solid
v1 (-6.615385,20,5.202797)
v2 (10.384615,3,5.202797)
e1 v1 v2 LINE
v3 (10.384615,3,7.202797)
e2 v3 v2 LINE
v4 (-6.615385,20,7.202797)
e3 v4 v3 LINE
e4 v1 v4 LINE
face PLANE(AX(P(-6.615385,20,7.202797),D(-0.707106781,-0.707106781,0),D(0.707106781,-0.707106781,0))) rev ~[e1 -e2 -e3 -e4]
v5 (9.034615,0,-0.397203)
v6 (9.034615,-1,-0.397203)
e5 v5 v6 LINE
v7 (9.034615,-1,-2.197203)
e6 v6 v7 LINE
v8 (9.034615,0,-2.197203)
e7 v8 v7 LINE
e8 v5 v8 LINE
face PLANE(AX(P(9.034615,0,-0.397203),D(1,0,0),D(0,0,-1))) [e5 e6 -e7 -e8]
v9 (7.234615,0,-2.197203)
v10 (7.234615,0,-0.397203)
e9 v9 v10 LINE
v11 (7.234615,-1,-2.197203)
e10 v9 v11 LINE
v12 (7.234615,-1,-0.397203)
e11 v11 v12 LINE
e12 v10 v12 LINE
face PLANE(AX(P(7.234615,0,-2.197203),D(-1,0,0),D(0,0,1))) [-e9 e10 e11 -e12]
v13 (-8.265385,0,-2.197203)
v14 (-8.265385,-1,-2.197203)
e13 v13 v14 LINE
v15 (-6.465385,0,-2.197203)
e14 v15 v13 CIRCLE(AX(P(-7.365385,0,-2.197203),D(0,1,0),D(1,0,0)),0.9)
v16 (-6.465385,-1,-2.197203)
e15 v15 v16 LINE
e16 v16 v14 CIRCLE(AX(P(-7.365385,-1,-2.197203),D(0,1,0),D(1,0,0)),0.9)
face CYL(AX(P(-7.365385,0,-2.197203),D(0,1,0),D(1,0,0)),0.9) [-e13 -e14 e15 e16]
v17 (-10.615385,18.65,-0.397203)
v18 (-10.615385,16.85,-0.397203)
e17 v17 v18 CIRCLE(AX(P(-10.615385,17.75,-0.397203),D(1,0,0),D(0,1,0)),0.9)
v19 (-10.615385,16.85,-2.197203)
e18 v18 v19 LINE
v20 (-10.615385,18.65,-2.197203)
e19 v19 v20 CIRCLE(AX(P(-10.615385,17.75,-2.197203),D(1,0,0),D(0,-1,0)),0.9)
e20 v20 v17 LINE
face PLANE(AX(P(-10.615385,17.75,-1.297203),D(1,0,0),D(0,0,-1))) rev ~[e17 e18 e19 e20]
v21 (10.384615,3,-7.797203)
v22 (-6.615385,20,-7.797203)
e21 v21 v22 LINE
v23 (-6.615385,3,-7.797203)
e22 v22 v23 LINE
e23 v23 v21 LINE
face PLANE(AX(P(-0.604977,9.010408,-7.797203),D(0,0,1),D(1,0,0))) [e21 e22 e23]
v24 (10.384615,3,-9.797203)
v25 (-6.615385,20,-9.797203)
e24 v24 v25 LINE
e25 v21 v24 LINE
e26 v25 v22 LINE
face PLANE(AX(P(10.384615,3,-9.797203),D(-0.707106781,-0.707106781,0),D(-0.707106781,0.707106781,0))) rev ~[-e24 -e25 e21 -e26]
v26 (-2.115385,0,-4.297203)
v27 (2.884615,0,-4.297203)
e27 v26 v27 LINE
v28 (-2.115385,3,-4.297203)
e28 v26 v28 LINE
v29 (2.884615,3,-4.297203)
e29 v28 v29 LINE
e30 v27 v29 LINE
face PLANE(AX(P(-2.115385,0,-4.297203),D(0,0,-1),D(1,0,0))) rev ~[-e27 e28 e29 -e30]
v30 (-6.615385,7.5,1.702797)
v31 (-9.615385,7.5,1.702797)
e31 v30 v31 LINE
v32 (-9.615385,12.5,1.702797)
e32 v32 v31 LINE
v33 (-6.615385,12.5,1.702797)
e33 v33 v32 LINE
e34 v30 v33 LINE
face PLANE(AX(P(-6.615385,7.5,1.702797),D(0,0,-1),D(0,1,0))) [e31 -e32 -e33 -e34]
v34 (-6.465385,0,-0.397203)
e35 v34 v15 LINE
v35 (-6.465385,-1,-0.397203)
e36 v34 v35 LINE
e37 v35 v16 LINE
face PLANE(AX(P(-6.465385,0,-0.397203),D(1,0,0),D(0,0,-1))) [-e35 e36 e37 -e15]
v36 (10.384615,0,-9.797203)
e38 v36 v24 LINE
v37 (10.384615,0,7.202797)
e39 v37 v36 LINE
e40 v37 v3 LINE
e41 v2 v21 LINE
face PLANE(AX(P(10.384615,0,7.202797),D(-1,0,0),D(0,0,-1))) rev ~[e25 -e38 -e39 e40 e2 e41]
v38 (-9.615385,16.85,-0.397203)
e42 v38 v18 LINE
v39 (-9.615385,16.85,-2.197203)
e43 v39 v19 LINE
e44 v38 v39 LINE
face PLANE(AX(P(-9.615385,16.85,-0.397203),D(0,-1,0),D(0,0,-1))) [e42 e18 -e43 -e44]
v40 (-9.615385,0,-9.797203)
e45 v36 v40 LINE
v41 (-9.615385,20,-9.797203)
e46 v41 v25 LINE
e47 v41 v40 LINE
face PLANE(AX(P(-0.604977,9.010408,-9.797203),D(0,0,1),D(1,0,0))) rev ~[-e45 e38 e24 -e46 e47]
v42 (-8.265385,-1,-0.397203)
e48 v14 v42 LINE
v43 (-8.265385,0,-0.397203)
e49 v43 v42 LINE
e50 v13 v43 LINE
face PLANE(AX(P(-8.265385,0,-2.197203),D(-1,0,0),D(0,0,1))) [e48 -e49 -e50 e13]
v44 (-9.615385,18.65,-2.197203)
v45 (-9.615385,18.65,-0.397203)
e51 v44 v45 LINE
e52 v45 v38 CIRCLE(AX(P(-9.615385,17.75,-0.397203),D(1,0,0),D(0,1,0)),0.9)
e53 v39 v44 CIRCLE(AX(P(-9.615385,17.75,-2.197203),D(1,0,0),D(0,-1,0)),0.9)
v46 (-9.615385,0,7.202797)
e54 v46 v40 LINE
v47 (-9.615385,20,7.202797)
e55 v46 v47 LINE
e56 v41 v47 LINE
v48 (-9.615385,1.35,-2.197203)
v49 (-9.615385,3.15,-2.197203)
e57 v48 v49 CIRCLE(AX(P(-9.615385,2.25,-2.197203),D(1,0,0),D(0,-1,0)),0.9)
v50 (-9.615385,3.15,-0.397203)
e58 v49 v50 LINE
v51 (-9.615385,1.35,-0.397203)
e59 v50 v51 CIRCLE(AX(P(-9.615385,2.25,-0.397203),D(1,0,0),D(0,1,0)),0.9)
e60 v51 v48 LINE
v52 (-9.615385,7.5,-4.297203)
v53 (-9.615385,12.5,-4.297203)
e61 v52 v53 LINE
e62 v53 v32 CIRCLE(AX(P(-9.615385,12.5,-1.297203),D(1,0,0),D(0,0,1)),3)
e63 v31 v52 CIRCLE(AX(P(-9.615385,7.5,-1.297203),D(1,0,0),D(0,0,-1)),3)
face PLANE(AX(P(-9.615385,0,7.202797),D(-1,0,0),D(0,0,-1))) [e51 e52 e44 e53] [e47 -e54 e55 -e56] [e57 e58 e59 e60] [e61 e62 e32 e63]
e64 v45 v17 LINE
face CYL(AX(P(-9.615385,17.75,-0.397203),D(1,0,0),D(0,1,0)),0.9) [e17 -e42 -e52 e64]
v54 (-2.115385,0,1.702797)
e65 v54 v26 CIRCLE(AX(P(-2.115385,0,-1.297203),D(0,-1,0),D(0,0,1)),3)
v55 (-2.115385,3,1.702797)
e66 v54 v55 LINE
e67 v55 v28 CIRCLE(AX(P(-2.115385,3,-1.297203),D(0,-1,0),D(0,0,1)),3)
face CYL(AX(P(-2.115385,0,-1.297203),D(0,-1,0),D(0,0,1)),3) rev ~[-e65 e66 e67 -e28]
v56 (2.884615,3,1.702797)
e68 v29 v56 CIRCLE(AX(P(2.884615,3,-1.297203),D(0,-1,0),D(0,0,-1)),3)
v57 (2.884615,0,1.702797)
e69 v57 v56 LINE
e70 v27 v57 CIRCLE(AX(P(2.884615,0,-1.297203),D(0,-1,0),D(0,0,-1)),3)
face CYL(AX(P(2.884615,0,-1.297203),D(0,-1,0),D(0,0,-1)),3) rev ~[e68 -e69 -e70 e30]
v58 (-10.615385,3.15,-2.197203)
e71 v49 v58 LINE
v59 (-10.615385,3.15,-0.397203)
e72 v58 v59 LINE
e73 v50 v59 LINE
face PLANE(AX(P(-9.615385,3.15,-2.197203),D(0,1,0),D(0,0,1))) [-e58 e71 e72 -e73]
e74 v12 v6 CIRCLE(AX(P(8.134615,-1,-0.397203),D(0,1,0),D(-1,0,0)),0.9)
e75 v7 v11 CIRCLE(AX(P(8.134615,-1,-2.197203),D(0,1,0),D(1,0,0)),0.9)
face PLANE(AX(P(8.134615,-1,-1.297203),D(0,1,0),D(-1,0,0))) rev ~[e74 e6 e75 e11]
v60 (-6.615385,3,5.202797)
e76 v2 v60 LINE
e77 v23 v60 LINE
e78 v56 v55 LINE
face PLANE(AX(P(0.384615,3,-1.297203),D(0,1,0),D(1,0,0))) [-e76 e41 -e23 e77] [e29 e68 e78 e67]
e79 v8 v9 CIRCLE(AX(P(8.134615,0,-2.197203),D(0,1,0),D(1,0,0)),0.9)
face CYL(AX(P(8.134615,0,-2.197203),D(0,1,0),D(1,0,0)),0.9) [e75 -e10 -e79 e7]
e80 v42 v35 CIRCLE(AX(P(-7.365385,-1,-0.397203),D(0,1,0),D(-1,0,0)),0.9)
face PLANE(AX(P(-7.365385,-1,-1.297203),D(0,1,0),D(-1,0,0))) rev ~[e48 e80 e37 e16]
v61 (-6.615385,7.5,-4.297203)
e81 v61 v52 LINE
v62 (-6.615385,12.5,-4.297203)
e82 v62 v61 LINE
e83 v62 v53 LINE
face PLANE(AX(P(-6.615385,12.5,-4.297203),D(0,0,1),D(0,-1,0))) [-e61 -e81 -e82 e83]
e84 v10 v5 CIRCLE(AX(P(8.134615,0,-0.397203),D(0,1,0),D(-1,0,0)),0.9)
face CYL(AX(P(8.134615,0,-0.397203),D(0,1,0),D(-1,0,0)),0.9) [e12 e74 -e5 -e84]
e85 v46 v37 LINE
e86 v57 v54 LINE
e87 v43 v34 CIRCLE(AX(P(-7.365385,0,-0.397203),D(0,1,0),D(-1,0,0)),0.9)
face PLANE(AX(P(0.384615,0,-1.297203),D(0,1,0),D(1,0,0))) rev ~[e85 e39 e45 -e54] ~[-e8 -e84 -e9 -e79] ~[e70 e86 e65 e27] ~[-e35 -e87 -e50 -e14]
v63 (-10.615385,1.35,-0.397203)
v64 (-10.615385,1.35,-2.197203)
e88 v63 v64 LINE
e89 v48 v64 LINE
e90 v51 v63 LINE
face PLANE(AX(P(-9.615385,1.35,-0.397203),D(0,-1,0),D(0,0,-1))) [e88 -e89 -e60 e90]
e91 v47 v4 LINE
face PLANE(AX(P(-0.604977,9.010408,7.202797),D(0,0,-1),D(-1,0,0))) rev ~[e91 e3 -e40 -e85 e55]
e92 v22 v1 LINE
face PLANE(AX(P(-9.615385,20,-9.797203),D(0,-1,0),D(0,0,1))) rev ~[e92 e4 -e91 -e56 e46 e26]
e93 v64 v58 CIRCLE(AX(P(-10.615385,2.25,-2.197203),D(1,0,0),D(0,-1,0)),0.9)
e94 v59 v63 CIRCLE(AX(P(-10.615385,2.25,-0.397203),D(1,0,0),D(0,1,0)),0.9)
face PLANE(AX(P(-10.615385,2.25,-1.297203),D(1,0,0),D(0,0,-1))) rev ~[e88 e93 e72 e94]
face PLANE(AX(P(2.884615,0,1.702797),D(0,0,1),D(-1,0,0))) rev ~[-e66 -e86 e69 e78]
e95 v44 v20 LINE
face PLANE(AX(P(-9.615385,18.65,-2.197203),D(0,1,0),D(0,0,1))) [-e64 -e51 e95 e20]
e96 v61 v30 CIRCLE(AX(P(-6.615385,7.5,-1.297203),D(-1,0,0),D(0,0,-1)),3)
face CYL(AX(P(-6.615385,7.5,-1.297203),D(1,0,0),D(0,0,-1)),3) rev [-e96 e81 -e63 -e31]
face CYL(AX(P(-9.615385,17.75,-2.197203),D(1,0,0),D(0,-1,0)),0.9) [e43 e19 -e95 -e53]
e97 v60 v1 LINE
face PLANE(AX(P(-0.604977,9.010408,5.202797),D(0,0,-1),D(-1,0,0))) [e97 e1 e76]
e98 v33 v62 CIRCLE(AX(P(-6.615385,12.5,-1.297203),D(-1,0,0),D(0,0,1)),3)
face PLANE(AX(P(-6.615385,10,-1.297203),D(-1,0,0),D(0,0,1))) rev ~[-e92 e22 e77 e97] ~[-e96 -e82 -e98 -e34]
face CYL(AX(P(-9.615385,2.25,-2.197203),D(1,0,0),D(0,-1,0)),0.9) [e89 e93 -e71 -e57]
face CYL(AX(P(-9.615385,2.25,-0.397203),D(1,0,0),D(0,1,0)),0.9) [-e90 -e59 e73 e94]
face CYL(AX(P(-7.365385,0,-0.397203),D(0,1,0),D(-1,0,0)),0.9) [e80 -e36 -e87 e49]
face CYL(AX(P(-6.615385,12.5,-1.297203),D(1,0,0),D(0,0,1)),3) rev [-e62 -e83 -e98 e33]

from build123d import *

# Parameters (mm, degrees)
SKETCH_1_W          = 20
SKETCH_1_H          = 17
EXTRUDE_1_DEPTH     = 3
SKETCH_4_W          = 17
SKETCH_4_H          = 20
EXTRUDE_2_DEPTH     = 3
EXTRUDE_3_DEPTH     = 2
EXTRUDE_4_DEPTH     = 2
CUT_EXTRUDE_2_DEPTH = 12
EXTRUDE_6_DEPTH     = 1
EXTRUDE_7_DEPTH     = 1


with BuildPart() as part:
    # 草图1 → 凸台-拉伸1 (new body)
    with BuildSketch(Plane(origin=(0, 0, 0), x_dir=(1, 0, 0), z_dir=(0, 1, 0))):
        with Locations((0.384615385, 1.297202797)):
            Rectangle(SKETCH_1_W, SKETCH_1_H)
        with BuildLine():
            Line((-2.115384615, 4.297202797), (2.884615385, 4.297202797))
            ThreePointArc((2.884615385, 4.297202797), (5.884615385, 1.297202797), (2.884615385, -1.702797203))
            Line((2.884615385, -1.702797203), (-2.115384615, -1.702797203))
            ThreePointArc((-2.115384615, -1.702797203), (-5.115384615, 1.297202797), (-2.115384615, 4.297202797))
        make_face(mode=Mode.SUBTRACT)
    extrude(amount=EXTRUDE_1_DEPTH)

    # 草图4 → 凸台-拉伸2 (add)
    with BuildSketch(Plane.ZY.offset(9.615384615)):
        with Locations((-1.297202797, 10)):
            Rectangle(SKETCH_4_W, SKETCH_4_H)
    extrude(amount=-EXTRUDE_2_DEPTH)

    # 草图6 → 凸台-拉伸3 (add)
    with BuildSketch(Plane.XY.offset(7.202797203)):
        Polygon((-6.615384615, 20), (10.384615385, 3), (-6.615384615, 3), align=None)
    extrude(amount=-EXTRUDE_3_DEPTH)

    # 草图7 → 凸台-拉伸4 (add)
    with BuildSketch(Plane(origin=(0, 0, -9.797202797), x_dir=(-1, 0, 0), z_dir=(0, 0, -1))):
        Polygon((6.615384615, 20), (6.615384615, 3), (-10.384615385, 3), align=None)
    extrude(amount=-EXTRUDE_4_DEPTH)

    # 草图5 → 切除-拉伸2 (cut)
    with BuildSketch(Plane(origin=(-6.615384615, 0, 0), x_dir=(0, 0, -1), z_dir=(1, 0, 0))):
        with BuildLine():
            Line((4.297202797, 12.5), (4.297202797, 7.5))
            ThreePointArc((4.297202797, 7.5), (1.297202797, 4.5), (-1.702797203, 7.5))
            Line((-1.702797203, 7.5), (-1.702797203, 12.5))
            ThreePointArc((-1.702797203, 12.5), (1.297202797, 15.5), (4.297202797, 12.5))
        make_face()
    extrude(amount=-CUT_EXTRUDE_2_DEPTH, mode=Mode.SUBTRACT)

    # 草图9 → 凸台-拉伸6 (add)
    with BuildSketch(Plane.ZY.offset(9.615384615)):
        with BuildLine():
            Line((-2.197202797, 18.65), (-0.397202797, 18.65))
            ThreePointArc((-0.397202797, 18.65), (0.502797203, 17.75), (-0.397202797, 16.85))
            Line((-0.397202797, 16.85), (-2.197202797, 16.85))
            ThreePointArc((-2.197202797, 16.85), (-3.097202797, 17.75), (-2.197202797, 18.65))
        make_face()
        with BuildLine():
            Line((-2.197202797, 3.15), (-0.397202797, 3.15))
            ThreePointArc((-0.397202797, 3.15), (0.502797203, 2.25), (-0.397202797, 1.35))
            Line((-0.397202797, 1.35), (-2.197202797, 1.35))
            ThreePointArc((-2.197202797, 1.35), (-3.097202797, 2.25), (-2.197202797, 3.15))
        make_face()
    extrude(amount=EXTRUDE_6_DEPTH)

    # 草图10 → 凸台-拉伸7 (add)
    with BuildSketch(Plane.XZ):
        with BuildLine():
            Line((-6.465384615, -0.397202797), (-6.465384615, -2.197202797))
            ThreePointArc((-6.465384615, -2.197202797), (-7.365384615, -3.097202797), (-8.265384615, -2.197202797))
            Line((-8.265384615, -2.197202797), (-8.265384615, -0.397202797))
            ThreePointArc((-8.265384615, -0.397202797), (-7.365384615, 0.502797203), (-6.465384615, -0.397202797))
        make_face()
        with BuildLine():
            Line((9.034615385, -0.397202797), (9.034615385, -2.197202797))
            ThreePointArc((9.034615385, -2.197202797), (8.134615385, -3.097202797), (7.234615385, -2.197202797))
            Line((7.234615385, -2.197202797), (7.234615385, -0.397202797))
            ThreePointArc((7.234615385, -0.397202797), (8.134615385, 0.502797203), (9.034615385, -0.397202797))
        make_face()
    extrude(amount=EXTRUDE_7_DEPTH)


solid = part.part
